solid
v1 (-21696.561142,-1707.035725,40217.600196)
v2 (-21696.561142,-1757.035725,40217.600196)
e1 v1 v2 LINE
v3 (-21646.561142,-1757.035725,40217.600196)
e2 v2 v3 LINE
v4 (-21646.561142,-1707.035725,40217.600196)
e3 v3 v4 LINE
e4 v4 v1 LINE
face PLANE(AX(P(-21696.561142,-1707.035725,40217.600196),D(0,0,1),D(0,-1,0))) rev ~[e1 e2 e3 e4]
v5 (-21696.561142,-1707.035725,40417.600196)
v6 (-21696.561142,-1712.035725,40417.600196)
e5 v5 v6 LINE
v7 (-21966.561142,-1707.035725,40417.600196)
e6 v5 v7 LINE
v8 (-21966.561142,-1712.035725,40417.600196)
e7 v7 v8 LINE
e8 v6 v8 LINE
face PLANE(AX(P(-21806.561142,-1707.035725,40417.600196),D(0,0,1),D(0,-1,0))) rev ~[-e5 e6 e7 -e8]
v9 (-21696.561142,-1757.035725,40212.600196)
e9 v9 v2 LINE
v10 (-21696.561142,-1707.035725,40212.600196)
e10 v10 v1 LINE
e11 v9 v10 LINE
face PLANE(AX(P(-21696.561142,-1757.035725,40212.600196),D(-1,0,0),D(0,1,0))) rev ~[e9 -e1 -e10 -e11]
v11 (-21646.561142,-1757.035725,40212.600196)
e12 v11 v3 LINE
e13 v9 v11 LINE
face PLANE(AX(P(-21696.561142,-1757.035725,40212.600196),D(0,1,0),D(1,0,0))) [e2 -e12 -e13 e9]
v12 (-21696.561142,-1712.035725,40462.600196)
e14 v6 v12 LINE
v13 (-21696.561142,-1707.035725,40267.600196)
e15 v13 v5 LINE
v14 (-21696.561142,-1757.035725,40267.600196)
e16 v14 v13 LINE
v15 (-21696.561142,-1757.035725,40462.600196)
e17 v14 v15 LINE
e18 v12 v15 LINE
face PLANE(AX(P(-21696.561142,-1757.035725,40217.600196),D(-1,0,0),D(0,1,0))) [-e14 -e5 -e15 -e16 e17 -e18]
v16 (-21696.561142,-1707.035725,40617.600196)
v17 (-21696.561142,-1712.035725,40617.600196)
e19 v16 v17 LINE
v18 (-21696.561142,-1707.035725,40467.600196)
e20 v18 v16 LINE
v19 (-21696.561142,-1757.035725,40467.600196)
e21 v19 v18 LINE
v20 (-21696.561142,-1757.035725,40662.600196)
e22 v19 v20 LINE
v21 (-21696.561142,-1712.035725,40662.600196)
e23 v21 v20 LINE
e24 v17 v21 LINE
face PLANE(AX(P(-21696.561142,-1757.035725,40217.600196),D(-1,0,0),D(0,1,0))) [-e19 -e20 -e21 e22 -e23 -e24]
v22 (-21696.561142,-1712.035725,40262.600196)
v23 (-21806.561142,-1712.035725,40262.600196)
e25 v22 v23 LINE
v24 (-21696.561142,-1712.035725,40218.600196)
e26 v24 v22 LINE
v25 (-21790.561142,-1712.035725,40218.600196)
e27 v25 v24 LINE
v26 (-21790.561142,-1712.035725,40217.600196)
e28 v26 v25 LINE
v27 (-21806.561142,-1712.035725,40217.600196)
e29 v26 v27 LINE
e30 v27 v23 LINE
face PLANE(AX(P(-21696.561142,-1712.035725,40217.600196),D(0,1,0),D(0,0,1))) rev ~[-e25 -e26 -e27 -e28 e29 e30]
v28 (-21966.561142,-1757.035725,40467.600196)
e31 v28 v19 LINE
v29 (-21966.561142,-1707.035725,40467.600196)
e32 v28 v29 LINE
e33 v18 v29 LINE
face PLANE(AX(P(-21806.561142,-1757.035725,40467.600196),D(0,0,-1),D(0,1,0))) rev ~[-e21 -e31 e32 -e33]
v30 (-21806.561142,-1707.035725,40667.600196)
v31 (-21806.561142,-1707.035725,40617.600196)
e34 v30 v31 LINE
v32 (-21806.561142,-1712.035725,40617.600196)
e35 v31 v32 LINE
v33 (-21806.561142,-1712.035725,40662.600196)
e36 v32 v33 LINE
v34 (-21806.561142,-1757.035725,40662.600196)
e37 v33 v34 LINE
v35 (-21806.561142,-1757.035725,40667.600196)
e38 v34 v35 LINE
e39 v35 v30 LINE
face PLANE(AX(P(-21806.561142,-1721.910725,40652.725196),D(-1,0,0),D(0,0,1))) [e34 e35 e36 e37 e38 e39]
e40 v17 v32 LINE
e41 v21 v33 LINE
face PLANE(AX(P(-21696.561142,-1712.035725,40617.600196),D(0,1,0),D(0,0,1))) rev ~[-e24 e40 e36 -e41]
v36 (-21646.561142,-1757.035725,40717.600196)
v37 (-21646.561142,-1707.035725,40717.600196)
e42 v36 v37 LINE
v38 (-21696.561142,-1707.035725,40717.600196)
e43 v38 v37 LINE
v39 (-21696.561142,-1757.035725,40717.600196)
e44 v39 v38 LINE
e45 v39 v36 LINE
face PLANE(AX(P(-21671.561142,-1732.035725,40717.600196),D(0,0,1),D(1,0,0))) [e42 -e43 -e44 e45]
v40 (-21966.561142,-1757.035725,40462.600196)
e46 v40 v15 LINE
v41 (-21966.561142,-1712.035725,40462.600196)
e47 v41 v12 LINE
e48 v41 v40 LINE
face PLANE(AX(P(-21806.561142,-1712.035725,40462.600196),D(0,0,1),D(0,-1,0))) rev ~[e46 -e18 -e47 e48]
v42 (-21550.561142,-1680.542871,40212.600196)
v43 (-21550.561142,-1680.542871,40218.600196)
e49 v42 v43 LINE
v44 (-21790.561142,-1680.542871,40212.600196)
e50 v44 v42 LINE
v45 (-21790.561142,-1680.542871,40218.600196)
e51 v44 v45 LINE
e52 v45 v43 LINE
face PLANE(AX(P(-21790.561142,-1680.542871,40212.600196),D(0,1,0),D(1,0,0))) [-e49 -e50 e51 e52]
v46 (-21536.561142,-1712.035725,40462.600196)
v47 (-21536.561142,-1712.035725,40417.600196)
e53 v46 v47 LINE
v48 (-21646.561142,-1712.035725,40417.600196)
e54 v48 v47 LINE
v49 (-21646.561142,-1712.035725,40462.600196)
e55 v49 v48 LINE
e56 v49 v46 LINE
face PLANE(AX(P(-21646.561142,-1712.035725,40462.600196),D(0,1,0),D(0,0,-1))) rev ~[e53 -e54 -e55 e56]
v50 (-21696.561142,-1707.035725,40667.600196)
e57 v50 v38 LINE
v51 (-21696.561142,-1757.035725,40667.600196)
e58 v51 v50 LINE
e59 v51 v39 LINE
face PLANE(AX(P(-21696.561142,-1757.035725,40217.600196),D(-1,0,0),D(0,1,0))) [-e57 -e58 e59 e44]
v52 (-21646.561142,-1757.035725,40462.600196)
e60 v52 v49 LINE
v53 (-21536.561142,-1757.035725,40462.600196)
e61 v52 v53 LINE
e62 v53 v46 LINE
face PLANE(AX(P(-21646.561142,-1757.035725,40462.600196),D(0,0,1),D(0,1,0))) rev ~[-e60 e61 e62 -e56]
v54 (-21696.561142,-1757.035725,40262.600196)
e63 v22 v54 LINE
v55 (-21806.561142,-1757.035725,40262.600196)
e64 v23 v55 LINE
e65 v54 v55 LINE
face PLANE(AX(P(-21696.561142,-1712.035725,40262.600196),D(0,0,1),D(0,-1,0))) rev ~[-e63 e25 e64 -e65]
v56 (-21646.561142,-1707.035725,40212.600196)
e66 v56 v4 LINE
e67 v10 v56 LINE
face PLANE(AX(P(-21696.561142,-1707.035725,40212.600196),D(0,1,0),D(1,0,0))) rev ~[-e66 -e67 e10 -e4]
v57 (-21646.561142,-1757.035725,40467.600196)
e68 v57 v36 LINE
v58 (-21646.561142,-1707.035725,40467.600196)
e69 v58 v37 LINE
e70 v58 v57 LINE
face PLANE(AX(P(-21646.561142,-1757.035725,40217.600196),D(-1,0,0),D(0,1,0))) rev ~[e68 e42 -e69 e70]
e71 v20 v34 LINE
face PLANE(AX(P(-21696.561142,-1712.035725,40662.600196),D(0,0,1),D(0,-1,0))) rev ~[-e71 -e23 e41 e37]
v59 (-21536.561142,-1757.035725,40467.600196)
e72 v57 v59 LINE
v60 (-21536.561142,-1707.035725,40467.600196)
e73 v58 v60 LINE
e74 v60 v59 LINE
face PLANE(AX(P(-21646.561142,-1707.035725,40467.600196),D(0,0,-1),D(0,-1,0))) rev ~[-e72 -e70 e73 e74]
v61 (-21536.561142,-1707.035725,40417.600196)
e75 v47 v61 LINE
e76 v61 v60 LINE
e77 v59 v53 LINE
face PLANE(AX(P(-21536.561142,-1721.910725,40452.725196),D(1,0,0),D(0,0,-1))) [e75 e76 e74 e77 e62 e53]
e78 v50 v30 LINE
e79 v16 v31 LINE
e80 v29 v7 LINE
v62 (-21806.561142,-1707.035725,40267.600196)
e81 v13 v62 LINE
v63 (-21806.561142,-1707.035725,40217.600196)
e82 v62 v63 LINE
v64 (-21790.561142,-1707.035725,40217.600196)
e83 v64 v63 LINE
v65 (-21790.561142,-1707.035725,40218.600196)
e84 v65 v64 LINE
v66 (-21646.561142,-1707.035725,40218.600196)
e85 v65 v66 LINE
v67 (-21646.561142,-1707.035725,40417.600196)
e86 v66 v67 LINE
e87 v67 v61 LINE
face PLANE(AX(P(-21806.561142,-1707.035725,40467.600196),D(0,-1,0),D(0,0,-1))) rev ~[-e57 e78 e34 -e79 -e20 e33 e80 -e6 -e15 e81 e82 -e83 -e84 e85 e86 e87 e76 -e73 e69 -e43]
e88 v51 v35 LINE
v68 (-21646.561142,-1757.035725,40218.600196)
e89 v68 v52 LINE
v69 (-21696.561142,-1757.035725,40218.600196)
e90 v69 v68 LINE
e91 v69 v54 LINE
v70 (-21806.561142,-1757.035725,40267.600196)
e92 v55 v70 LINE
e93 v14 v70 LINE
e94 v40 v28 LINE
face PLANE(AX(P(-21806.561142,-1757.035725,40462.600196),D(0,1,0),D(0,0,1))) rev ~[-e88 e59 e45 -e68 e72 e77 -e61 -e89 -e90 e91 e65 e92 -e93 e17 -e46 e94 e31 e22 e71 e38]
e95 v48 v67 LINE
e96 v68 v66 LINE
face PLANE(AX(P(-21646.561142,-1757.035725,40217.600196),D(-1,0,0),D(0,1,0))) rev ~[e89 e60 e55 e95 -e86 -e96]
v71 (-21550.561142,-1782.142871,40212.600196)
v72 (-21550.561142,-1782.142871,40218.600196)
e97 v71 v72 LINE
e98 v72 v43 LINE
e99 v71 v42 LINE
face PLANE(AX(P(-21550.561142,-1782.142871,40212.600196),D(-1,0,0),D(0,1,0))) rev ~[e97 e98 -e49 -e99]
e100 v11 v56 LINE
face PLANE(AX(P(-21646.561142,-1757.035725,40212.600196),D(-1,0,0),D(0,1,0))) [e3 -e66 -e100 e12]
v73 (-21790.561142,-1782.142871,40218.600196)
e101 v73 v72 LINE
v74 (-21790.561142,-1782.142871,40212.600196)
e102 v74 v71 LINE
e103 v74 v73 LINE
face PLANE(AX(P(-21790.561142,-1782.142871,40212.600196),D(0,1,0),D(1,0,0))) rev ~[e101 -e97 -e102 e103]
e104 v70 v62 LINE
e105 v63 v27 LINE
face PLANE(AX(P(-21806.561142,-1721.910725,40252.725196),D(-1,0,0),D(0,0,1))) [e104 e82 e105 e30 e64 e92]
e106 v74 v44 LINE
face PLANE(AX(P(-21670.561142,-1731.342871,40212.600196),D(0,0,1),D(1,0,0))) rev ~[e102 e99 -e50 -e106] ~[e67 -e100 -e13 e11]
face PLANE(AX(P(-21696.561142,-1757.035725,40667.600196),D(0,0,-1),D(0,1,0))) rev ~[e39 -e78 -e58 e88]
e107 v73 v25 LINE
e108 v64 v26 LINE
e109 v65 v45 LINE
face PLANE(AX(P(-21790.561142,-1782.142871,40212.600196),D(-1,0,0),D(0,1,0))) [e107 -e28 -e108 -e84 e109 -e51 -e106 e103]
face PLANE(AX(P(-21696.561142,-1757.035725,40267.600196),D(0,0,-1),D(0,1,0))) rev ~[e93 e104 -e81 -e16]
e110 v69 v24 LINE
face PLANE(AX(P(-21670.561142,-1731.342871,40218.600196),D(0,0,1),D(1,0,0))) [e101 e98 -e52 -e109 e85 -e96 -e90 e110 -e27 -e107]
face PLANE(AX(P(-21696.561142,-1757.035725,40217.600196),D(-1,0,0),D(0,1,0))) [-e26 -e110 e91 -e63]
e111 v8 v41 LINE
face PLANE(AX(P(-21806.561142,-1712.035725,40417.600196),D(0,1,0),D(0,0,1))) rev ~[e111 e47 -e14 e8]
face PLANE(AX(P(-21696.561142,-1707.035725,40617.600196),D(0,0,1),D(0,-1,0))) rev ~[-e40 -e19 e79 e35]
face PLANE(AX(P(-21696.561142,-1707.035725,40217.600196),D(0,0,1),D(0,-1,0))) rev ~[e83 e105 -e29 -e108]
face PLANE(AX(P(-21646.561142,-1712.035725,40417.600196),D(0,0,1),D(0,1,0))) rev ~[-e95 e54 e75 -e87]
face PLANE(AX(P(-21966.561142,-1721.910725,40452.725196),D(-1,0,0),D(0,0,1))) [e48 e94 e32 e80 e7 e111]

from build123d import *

# Parameters (mm, degrees)
BOSS_EXTRUDE1_START = 5
SKETCH1_W           = 50
SKETCH1_H           = 50
BOSS_EXTRUDE1_DEPTH = 500
BOSS_EXTRUDE2_DEPTH = 110
BOSS_EXTRUDE3_DEPTH = 110
BOSS_EXTRUDE5_START = 110
BOSS_EXTRUDE5_DEPTH = 160
SKETCH1_3_W         = 240
SKETCH1_3_H         = 101.6
SKETCH1_3_W_2       = 50
SKETCH1_3_H_2       = 50
BOSS_EXTRUDE6_DEPTH = 6


with BuildPart() as part:
    # Sketch1 → Boss-Extrude1 (new body)
    with BuildSketch(Plane.XY.offset(40212.600196057).offset(BOSS_EXTRUDE1_START)):
        with Locations((-21671.561141737, -1732.035725356)):
            Rectangle(SKETCH1_W, SKETCH1_H)
    extrude(amount=BOSS_EXTRUDE1_DEPTH)

    # Sketch2 → Boss-Extrude2 (add)
    with BuildSketch(Plane(origin=(-21646.561141737, 0, 0), x_dir=(0, 0, -1), z_dir=(1, 0, 0))):
        Polygon((-40467.600196057, -1707.035725356), (-40467.600196057, -1757.035725356), (-40462.600196057, -1757.035725356), (-40462.600196057, -1712.035725356), (-40417.600196057, -1712.035725356), (-40417.600196057, -1707.035725356), align=None)
    extrude(amount=BOSS_EXTRUDE2_DEPTH)

    # Sketch3 → Boss-Extrude3 (add)
    with BuildSketch(Plane.ZY.offset(21696.561141737)):
        Polygon((40667.600196057, -1707.035725356), (40617.600196057, -1707.035725356), (40617.600196057, -1712.035725356), (40662.600196057, -1712.035725356), (40662.600196057, -1757.035725356), (40667.600196057, -1757.035725356), align=None)
        Polygon((40467.600196057, -1757.035725356), (40467.600196057, -1707.035725356), (40417.600196057, -1707.035725356), (40417.600196057, -1712.035725356), (40462.600196057, -1712.035725356), (40462.600196057, -1757.035725356), align=None)
        Polygon((40267.600196057, -1757.035725356), (40267.600196057, -1707.035725356), (40217.600196057, -1707.035725356), (40217.600196057, -1712.035725356), (40262.600196057, -1712.035725356), (40262.600196057, -1757.035725356), align=None)
    extrude(amount=BOSS_EXTRUDE3_DEPTH)

    # Sketch3<3> → Boss-Extrude5 (add)
    with BuildSketch(Plane.ZY.offset(21696.561141737).offset(BOSS_EXTRUDE5_START)):
        Polygon((40467.600196057, -1757.035725356), (40467.600196057, -1707.035725356), (40417.600196057, -1707.035725356), (40417.600196057, -1712.035725356), (40462.600196057, -1712.035725356), (40462.600196057, -1757.035725356), align=None)
    extrude(amount=BOSS_EXTRUDE5_DEPTH)

    # Sketch1<3> → Boss-Extrude6 (add)
    with BuildSketch(Plane.XY.offset(40212.600196057)):
        with Locations((-21670.561141737, -1731.342871453)):
            Rectangle(SKETCH1_3_W, SKETCH1_3_H)
        with Locations((-21671.561141737, -1732.035725356)):
            Rectangle(SKETCH1_3_W_2, SKETCH1_3_H_2, mode=Mode.SUBTRACT)
    extrude(amount=BOSS_EXTRUDE6_DEPTH)


solid = part.part
